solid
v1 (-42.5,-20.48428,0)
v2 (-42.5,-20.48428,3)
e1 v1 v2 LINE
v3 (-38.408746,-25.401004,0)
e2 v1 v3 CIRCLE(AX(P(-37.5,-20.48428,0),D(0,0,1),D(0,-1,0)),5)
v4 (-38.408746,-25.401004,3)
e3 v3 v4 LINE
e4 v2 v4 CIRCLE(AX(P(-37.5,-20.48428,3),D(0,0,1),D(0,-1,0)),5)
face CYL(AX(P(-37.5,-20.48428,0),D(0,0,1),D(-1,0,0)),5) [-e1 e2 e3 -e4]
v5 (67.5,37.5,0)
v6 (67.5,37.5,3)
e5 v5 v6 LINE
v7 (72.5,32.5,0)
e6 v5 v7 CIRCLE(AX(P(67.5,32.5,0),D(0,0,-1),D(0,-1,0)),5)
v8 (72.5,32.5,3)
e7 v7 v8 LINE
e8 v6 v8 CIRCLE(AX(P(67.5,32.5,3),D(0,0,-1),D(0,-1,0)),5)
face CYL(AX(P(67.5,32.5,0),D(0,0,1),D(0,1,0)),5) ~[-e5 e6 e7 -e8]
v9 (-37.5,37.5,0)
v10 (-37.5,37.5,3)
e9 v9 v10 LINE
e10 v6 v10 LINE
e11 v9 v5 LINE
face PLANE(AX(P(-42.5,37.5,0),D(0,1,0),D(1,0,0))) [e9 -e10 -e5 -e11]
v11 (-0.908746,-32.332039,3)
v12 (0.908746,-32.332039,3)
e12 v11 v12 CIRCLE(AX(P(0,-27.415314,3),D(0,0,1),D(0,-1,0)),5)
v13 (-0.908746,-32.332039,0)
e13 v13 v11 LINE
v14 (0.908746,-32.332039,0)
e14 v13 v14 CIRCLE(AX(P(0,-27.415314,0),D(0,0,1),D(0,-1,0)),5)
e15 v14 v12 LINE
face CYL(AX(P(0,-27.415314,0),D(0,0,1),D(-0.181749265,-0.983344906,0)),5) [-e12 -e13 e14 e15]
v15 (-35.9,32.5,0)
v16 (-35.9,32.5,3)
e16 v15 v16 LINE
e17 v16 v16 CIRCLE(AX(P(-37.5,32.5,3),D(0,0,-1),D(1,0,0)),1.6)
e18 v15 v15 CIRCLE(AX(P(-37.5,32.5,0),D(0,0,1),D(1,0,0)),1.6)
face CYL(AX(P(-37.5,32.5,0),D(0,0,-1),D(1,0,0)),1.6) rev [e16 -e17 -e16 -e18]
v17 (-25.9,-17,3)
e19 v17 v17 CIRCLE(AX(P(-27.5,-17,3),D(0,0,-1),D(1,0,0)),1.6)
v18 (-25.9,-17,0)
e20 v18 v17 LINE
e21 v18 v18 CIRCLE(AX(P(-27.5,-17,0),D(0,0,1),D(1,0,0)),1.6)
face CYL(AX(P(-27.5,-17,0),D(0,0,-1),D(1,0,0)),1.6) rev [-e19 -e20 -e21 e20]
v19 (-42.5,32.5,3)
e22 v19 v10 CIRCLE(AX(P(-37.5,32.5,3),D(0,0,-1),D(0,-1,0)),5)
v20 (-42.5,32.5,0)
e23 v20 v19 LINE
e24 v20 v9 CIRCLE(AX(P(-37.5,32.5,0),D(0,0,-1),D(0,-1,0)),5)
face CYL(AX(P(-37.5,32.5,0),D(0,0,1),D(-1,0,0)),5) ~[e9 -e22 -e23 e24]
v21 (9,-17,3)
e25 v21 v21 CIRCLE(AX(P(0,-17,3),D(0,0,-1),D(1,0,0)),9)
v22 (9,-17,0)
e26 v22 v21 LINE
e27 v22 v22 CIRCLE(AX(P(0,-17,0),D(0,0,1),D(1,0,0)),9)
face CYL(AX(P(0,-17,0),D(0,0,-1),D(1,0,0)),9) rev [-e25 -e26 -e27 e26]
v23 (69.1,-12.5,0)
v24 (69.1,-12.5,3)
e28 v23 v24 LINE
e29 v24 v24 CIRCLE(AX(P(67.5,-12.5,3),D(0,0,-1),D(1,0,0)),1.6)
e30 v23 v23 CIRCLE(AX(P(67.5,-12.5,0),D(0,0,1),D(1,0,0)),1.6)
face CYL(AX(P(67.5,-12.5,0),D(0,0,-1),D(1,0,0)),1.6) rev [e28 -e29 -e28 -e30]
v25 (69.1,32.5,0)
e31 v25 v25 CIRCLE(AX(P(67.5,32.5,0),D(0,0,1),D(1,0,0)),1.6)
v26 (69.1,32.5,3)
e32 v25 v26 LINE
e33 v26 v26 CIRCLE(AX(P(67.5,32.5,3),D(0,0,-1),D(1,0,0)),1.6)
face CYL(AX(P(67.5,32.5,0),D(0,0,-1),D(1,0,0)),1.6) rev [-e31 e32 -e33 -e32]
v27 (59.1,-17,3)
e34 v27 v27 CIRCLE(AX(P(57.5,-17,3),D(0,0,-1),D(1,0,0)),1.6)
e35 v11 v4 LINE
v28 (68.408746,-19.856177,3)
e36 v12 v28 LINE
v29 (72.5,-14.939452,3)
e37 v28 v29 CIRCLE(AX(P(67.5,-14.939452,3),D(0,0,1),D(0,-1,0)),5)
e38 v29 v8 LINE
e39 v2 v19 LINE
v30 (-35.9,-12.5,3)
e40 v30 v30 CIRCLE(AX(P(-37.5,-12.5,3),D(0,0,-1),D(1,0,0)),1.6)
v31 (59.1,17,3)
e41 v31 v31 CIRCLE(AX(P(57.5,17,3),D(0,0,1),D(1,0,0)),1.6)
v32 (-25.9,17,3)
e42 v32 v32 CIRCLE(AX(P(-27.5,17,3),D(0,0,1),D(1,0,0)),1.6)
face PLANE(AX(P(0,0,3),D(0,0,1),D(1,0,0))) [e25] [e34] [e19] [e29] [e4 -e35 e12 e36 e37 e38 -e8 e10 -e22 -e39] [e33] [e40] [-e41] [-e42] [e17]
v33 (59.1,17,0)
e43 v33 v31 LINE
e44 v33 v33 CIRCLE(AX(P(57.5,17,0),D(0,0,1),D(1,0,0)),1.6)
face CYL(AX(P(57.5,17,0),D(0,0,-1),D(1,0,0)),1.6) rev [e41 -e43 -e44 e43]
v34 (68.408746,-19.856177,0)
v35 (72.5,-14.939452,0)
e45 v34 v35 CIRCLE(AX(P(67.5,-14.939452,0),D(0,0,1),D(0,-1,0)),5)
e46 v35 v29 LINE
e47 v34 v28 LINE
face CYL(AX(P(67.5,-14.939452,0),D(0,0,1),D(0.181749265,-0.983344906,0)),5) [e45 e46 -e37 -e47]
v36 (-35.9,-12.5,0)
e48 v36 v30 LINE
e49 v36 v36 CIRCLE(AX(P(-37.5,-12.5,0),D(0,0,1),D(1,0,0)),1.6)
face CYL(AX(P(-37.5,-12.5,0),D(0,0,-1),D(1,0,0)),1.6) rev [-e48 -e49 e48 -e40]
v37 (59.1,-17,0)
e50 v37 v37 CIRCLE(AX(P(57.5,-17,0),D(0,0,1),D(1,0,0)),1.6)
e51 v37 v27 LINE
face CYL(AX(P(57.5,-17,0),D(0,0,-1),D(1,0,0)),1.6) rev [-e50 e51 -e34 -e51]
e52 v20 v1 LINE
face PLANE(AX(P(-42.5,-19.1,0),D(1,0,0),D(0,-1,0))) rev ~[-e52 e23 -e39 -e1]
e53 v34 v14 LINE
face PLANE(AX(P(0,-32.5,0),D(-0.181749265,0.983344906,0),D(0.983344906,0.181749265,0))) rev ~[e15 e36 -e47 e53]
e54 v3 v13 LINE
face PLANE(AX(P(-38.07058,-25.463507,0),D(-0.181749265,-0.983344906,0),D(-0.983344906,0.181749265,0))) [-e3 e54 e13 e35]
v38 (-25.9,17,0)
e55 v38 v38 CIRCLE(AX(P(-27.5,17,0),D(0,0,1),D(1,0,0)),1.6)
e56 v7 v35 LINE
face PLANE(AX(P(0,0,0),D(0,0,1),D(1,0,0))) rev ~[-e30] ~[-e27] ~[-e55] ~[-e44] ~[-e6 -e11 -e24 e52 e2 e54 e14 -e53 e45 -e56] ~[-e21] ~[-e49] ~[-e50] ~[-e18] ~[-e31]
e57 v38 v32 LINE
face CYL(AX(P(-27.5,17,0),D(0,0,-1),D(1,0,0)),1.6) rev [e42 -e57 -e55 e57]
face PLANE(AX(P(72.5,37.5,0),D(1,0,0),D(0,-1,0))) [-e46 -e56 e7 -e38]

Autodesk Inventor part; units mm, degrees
ref_plane "YZ Plane" through (0, 0, 0) normal (1, 0, 0) x (0, 1, 0)
ref_plane "XZ Plane" through (0, 0, 0) normal (0, 1, 0) x (-1, 0, 0)
ref_plane "XY Plane" through (0, 0, 0) normal (0, 0, 1) x (1, 0, 0)
sketch "スケッチ1" plane through (0, 0, 0) normal (0, 0, 1) x (1, 0, 0)
  point P0 (0, 0)
sketch "スケッチ2" plane through (0, 0, 0) normal (0, 0, 1) x (1, 0, 0)
  line L0 (72.5, -37.5) -> (-72.5, -37.5)
  line L1 (-72.5, -37.5) -> (-72.5, 37.5)
  line L2 (-72.5, 37.5) -> (72.5, 37.5)
  line L3 (72.5, 37.5) -> (72.5, -37.5)
  line L4 (72.5, -37.5) -> (-72.5, 37.5) construction
  line L5 (-72.5, -37.5) -> (72.5, 37.5) construction
  line L6 (67.5, 32.5) -> (-67.5, 32.5)
  line L7 (-67.5, 32.5) -> (-67.5, -32.5)
  line L8 (-67.5, -32.5) -> (67.5, -32.5)
  line L9 (67.5, -32.5) -> (67.5, 32.5)
  line L10 (-67.5, 32.5) -> (-67.5, 12.5) construction
  line L11 (-69.1, 32.5) -> (-69.1, 12.5)
  line L12 (-65.9, 12.5) -> (-65.9, 32.5)
  arc A0 (-65.9, 32.5) -> (-69.1, 32.5) centre (-67.5, 32.5) ccw
  arc A1 (-69.1, 12.5) -> (-65.9, 12.5) centre (-67.5, 12.5) ccw
  line L13 (-67.5, 32.5) -> (-47.5, 32.5) construction
  line L14 (-67.5, -32.5) -> (-67.5, -12.5) construction
  line L15 (-65.9, -32.5) -> (-65.9, -12.5)
  line L16 (-69.1, -12.5) -> (-69.1, -32.5)
  arc A2 (-69.1, -32.5) -> (-65.9, -32.5) centre (-67.5, -32.5) ccw
  arc A3 (-65.9, -12.5) -> (-69.1, -12.5) centre (-67.5, -12.5) ccw
  line L17 (-67.5, -32.5) -> (-47.5, -32.5) construction
  line L18 (67.5, 32.5) -> (67.5, 12.5) construction
  line L19 (65.9, 32.5) -> (65.9, 12.5)
  line L20 (69.1, 12.5) -> (69.1, 32.5)
  arc A4 (69.1, 32.5) -> (65.9, 32.5) centre (67.5, 32.5) ccw
  arc A5 (65.9, 12.5) -> (69.1, 12.5) centre (67.5, 12.5) ccw
  line L21 (67.5, 32.5) -> (87.5, 32.5) construction
  line L22 (67.5, -32.5) -> (67.5, -12.5) construction
  line L23 (69.1, -32.5) -> (69.1, -12.5)
  line L24 (65.9, -12.5) -> (65.9, -32.5)
  arc A6 (65.9, -32.5) -> (69.1, -32.5) centre (67.5, -32.5) ccw
  arc A7 (69.1, -12.5) -> (65.9, -12.5) centre (67.5, -12.5) ccw
  line L25 (67.5, -32.5) -> (87.5, -32.5) construction
  line L26 (-72.5, -17) -> (72.5, -17)
  circle A8 centre (0, -17) radius 9
  circle A9 centre (0, -17) radius 39
  line L27 (0, 37.5) -> (0, -37.5)
  line L28 (-57.5, 37.5) -> (60, 37.5)
  line L29 (60, 37.5) -> (60, 32.5)
  line L30 (60, 32.5) -> (-60, 32.5)
  circle A10 centre (0, -155) radius 120
  circle A11 centre (-67.5, 32.5) radius 1.6
  circle A12 centre (-67.5, -12.5) radius 1.6
  circle A13 centre (67.5, 32.5) radius 1.6
  circle A14 centre (67.5, -12.5) radius 1.6
  circle A15 centre (-57.5, -17) radius 1.6
  circle A16 centre (-57.5, 17) radius 1.6
  circle A17 centre (57.5, -17) radius 1.6
  circle A18 centre (57.5, 17) radius 1.6
  line L31 (0, -32.5) -> (-72.5, -19.1)
  line L32 (0, -32.5) -> (72.5, -19.1)
  line L33 (67.5, -19.1) -> (-67.5, -19.1)
  circle A19 centre (-37.5, 32.5) radius 1.6
  circle A20 centre (-27.5, 17) radius 1.6
  circle A21 centre (-37.5, -12.5) radius 1.6
  circle A22 centre (-27.5, -17) radius 1.6
  line L34 (-42.5, 37.5) -> (-42.5, -37.5)
  point P0 (0, 0)
  point P1 (-67.5, 22.5)
  point P2 (67.5, 22.5)
  point P3 (60, 37.5)
  point P4 (-24.367, -37.5)
  point P5 (24.367, -37.5)
  point P6 (-65.9, 32.5)
  point P7 (69.1, -12.5)
  point P8 (65.9, 32.5)
  point P9 (69.1, 32.5)
  point P10 (-65.9, -12.5)
  point P11 (-35.7876, -32.5)
  point P12 (35.7876, -32.5)
  point P13 (0, 0)
  point P14 (72.5, -19.1)
  point P15 (-65.9, 32.5)
  point P16 (65.9, 32.5)
  point P17 (80, 36.6)
  point P18 (-65.9, 32.5)
  point P19 (65.9, 32.5)
  point P20 (67.5, 30.9)
  point P21 (-67.5, 30.9)
  point P22 (67.5, 10.9)
  point P23 (-67.5, 10.9)
  point P24 (-33.1776, -37.5)
  point P25 (33.1776, -37.5)
  point P26 (-42.5, 37.5)
  point P27 (-42.5, -24.6448)
  dimension "d0" = 145
  dimension "d1" = 75
  dimension "d21" = 5
  dimension "d22" = 20
  dimension "d23" = 90
  dimension "d24" = 3.2
  dimension "d25" = 20
  dimension "d26" = 90
  dimension "d27" = 3.2
  dimension "d28" = 20
  dimension "d29" = 90
  dimension "d30" = 3.2
  dimension "d31" = 20
  dimension "d32" = 90
  dimension "d33" = 3.2
  dimension "d36" = 20.5
  dimension "d37" = 18
  dimension "d38" = 78
  dimension "d42" = 120
  dimension "d43" = 60
  dimension "d45" = 240
  dimension "d46" = 138
  dimension "d47" = 3.2
  dimension "d48" = 10
  dimension "d49" = 3.2
  dimension "d50" = 10
  dimension "d51" = 17
  dimension "d52" = 17
  dimension "d54" = 5
  dimension "d57" = 30
  dimension "d62" = 30
extrude "押し出し1" add sketch "スケッチ2" along normal blind 3 contours L34 L33 A9 L31 | L31 A9 L33 A8 L27 | L27 A8 L33 A9 L32 | L34 L26 A9 L33 | A9 L33 L24 L32 | A9 L26 A22 A8 L33 | L34 L6 A19 L27 A9 A21 L26 | A8 L26 A9 L33 | A9 L26 A17 L24 L33 | L24 L33 L9 L32 | A9 A21 L27 A8 L26 A22 | L34 L2 L27 L6 A19 | A8 L27 A9 L26 | A9 L27 L6 L19 A5 L9 A7 L24 L26 A17 | L24 L26 L9 L33 | L9 L26 L23 L32 | L32 L23 L26 L3 | L2 L29 L6 L27 | L24 A14 L9 L26 | L26 L23 A7 L9 A5 L20 A4 L6 L29 L2 L3 | L26 L9 A14 L23 | A13 L9 A5 L19 | L9 A13 L20 A5
fillet "フィレット1" radius 5 5 edges at (72.5, 37.5, 1.5) (72.5, -19.1, 1.5) (0, -32.5, 1.5) (-42.5, -24.6448, 1.5) (-42.5, 37.5, 1.5)
sketch "スケッチ4" plane through (0, 0, 0) normal (0, 0, -1) x (-1, 0, 0)
  circle A0 centre (-57.5, -17) radius 1.6 projected
  circle A1 centre (-57.5, 17) radius 1.6 projected
  circle A2 centre (-67.5, 32.5) radius 1.6 projected
  circle A3 centre (-67.5, -12.5) radius 1.6 projected
  line L0 (-72.5, -14.9395) -> (-72.5, 32.5) projected
  line L1 (-67.5, 37.5) -> (37.5, 37.5) projected
  arc A4 (-67.5, 37.5) -> (-72.5, 32.5) centre (-67.5, 32.5) ccw projected
  line L2 (42.5, 32.5) -> (42.5, -20.4843) projected
  arc A5 (-0.9087, -32.332) -> (0.9087, -32.332) centre (0, -27.4153) ccw projected
  line L3 (38.4087, -25.401) -> (0.9087, -32.332) projected
  arc A6 (-72.5, -14.9395) -> (-68.4087, -19.8562) centre (-67.5, -14.9395) ccw projected
  line L4 (-0.9087, -32.332) -> (-68.4087, -19.8562) projected
  arc A7 (42.5, 32.5) -> (37.5, 37.5) centre (37.5, 32.5) ccw projected
  arc A8 (38.4087, -25.401) -> (42.5, -20.4843) centre (37.5, -20.4843) ccw projected
  point P0 (0, 0)
equation "\"d25\" = d22"
equation "\"d27\" = d24"
equation "\"d28\" = d22"
equation "\"d30\" = d24"
equation "\"d31\" = d22"
equation "\"d33\" = d24"
equation "\"d43\" = 0.5 * d42"
properties part number "small_plate_nomotor"
